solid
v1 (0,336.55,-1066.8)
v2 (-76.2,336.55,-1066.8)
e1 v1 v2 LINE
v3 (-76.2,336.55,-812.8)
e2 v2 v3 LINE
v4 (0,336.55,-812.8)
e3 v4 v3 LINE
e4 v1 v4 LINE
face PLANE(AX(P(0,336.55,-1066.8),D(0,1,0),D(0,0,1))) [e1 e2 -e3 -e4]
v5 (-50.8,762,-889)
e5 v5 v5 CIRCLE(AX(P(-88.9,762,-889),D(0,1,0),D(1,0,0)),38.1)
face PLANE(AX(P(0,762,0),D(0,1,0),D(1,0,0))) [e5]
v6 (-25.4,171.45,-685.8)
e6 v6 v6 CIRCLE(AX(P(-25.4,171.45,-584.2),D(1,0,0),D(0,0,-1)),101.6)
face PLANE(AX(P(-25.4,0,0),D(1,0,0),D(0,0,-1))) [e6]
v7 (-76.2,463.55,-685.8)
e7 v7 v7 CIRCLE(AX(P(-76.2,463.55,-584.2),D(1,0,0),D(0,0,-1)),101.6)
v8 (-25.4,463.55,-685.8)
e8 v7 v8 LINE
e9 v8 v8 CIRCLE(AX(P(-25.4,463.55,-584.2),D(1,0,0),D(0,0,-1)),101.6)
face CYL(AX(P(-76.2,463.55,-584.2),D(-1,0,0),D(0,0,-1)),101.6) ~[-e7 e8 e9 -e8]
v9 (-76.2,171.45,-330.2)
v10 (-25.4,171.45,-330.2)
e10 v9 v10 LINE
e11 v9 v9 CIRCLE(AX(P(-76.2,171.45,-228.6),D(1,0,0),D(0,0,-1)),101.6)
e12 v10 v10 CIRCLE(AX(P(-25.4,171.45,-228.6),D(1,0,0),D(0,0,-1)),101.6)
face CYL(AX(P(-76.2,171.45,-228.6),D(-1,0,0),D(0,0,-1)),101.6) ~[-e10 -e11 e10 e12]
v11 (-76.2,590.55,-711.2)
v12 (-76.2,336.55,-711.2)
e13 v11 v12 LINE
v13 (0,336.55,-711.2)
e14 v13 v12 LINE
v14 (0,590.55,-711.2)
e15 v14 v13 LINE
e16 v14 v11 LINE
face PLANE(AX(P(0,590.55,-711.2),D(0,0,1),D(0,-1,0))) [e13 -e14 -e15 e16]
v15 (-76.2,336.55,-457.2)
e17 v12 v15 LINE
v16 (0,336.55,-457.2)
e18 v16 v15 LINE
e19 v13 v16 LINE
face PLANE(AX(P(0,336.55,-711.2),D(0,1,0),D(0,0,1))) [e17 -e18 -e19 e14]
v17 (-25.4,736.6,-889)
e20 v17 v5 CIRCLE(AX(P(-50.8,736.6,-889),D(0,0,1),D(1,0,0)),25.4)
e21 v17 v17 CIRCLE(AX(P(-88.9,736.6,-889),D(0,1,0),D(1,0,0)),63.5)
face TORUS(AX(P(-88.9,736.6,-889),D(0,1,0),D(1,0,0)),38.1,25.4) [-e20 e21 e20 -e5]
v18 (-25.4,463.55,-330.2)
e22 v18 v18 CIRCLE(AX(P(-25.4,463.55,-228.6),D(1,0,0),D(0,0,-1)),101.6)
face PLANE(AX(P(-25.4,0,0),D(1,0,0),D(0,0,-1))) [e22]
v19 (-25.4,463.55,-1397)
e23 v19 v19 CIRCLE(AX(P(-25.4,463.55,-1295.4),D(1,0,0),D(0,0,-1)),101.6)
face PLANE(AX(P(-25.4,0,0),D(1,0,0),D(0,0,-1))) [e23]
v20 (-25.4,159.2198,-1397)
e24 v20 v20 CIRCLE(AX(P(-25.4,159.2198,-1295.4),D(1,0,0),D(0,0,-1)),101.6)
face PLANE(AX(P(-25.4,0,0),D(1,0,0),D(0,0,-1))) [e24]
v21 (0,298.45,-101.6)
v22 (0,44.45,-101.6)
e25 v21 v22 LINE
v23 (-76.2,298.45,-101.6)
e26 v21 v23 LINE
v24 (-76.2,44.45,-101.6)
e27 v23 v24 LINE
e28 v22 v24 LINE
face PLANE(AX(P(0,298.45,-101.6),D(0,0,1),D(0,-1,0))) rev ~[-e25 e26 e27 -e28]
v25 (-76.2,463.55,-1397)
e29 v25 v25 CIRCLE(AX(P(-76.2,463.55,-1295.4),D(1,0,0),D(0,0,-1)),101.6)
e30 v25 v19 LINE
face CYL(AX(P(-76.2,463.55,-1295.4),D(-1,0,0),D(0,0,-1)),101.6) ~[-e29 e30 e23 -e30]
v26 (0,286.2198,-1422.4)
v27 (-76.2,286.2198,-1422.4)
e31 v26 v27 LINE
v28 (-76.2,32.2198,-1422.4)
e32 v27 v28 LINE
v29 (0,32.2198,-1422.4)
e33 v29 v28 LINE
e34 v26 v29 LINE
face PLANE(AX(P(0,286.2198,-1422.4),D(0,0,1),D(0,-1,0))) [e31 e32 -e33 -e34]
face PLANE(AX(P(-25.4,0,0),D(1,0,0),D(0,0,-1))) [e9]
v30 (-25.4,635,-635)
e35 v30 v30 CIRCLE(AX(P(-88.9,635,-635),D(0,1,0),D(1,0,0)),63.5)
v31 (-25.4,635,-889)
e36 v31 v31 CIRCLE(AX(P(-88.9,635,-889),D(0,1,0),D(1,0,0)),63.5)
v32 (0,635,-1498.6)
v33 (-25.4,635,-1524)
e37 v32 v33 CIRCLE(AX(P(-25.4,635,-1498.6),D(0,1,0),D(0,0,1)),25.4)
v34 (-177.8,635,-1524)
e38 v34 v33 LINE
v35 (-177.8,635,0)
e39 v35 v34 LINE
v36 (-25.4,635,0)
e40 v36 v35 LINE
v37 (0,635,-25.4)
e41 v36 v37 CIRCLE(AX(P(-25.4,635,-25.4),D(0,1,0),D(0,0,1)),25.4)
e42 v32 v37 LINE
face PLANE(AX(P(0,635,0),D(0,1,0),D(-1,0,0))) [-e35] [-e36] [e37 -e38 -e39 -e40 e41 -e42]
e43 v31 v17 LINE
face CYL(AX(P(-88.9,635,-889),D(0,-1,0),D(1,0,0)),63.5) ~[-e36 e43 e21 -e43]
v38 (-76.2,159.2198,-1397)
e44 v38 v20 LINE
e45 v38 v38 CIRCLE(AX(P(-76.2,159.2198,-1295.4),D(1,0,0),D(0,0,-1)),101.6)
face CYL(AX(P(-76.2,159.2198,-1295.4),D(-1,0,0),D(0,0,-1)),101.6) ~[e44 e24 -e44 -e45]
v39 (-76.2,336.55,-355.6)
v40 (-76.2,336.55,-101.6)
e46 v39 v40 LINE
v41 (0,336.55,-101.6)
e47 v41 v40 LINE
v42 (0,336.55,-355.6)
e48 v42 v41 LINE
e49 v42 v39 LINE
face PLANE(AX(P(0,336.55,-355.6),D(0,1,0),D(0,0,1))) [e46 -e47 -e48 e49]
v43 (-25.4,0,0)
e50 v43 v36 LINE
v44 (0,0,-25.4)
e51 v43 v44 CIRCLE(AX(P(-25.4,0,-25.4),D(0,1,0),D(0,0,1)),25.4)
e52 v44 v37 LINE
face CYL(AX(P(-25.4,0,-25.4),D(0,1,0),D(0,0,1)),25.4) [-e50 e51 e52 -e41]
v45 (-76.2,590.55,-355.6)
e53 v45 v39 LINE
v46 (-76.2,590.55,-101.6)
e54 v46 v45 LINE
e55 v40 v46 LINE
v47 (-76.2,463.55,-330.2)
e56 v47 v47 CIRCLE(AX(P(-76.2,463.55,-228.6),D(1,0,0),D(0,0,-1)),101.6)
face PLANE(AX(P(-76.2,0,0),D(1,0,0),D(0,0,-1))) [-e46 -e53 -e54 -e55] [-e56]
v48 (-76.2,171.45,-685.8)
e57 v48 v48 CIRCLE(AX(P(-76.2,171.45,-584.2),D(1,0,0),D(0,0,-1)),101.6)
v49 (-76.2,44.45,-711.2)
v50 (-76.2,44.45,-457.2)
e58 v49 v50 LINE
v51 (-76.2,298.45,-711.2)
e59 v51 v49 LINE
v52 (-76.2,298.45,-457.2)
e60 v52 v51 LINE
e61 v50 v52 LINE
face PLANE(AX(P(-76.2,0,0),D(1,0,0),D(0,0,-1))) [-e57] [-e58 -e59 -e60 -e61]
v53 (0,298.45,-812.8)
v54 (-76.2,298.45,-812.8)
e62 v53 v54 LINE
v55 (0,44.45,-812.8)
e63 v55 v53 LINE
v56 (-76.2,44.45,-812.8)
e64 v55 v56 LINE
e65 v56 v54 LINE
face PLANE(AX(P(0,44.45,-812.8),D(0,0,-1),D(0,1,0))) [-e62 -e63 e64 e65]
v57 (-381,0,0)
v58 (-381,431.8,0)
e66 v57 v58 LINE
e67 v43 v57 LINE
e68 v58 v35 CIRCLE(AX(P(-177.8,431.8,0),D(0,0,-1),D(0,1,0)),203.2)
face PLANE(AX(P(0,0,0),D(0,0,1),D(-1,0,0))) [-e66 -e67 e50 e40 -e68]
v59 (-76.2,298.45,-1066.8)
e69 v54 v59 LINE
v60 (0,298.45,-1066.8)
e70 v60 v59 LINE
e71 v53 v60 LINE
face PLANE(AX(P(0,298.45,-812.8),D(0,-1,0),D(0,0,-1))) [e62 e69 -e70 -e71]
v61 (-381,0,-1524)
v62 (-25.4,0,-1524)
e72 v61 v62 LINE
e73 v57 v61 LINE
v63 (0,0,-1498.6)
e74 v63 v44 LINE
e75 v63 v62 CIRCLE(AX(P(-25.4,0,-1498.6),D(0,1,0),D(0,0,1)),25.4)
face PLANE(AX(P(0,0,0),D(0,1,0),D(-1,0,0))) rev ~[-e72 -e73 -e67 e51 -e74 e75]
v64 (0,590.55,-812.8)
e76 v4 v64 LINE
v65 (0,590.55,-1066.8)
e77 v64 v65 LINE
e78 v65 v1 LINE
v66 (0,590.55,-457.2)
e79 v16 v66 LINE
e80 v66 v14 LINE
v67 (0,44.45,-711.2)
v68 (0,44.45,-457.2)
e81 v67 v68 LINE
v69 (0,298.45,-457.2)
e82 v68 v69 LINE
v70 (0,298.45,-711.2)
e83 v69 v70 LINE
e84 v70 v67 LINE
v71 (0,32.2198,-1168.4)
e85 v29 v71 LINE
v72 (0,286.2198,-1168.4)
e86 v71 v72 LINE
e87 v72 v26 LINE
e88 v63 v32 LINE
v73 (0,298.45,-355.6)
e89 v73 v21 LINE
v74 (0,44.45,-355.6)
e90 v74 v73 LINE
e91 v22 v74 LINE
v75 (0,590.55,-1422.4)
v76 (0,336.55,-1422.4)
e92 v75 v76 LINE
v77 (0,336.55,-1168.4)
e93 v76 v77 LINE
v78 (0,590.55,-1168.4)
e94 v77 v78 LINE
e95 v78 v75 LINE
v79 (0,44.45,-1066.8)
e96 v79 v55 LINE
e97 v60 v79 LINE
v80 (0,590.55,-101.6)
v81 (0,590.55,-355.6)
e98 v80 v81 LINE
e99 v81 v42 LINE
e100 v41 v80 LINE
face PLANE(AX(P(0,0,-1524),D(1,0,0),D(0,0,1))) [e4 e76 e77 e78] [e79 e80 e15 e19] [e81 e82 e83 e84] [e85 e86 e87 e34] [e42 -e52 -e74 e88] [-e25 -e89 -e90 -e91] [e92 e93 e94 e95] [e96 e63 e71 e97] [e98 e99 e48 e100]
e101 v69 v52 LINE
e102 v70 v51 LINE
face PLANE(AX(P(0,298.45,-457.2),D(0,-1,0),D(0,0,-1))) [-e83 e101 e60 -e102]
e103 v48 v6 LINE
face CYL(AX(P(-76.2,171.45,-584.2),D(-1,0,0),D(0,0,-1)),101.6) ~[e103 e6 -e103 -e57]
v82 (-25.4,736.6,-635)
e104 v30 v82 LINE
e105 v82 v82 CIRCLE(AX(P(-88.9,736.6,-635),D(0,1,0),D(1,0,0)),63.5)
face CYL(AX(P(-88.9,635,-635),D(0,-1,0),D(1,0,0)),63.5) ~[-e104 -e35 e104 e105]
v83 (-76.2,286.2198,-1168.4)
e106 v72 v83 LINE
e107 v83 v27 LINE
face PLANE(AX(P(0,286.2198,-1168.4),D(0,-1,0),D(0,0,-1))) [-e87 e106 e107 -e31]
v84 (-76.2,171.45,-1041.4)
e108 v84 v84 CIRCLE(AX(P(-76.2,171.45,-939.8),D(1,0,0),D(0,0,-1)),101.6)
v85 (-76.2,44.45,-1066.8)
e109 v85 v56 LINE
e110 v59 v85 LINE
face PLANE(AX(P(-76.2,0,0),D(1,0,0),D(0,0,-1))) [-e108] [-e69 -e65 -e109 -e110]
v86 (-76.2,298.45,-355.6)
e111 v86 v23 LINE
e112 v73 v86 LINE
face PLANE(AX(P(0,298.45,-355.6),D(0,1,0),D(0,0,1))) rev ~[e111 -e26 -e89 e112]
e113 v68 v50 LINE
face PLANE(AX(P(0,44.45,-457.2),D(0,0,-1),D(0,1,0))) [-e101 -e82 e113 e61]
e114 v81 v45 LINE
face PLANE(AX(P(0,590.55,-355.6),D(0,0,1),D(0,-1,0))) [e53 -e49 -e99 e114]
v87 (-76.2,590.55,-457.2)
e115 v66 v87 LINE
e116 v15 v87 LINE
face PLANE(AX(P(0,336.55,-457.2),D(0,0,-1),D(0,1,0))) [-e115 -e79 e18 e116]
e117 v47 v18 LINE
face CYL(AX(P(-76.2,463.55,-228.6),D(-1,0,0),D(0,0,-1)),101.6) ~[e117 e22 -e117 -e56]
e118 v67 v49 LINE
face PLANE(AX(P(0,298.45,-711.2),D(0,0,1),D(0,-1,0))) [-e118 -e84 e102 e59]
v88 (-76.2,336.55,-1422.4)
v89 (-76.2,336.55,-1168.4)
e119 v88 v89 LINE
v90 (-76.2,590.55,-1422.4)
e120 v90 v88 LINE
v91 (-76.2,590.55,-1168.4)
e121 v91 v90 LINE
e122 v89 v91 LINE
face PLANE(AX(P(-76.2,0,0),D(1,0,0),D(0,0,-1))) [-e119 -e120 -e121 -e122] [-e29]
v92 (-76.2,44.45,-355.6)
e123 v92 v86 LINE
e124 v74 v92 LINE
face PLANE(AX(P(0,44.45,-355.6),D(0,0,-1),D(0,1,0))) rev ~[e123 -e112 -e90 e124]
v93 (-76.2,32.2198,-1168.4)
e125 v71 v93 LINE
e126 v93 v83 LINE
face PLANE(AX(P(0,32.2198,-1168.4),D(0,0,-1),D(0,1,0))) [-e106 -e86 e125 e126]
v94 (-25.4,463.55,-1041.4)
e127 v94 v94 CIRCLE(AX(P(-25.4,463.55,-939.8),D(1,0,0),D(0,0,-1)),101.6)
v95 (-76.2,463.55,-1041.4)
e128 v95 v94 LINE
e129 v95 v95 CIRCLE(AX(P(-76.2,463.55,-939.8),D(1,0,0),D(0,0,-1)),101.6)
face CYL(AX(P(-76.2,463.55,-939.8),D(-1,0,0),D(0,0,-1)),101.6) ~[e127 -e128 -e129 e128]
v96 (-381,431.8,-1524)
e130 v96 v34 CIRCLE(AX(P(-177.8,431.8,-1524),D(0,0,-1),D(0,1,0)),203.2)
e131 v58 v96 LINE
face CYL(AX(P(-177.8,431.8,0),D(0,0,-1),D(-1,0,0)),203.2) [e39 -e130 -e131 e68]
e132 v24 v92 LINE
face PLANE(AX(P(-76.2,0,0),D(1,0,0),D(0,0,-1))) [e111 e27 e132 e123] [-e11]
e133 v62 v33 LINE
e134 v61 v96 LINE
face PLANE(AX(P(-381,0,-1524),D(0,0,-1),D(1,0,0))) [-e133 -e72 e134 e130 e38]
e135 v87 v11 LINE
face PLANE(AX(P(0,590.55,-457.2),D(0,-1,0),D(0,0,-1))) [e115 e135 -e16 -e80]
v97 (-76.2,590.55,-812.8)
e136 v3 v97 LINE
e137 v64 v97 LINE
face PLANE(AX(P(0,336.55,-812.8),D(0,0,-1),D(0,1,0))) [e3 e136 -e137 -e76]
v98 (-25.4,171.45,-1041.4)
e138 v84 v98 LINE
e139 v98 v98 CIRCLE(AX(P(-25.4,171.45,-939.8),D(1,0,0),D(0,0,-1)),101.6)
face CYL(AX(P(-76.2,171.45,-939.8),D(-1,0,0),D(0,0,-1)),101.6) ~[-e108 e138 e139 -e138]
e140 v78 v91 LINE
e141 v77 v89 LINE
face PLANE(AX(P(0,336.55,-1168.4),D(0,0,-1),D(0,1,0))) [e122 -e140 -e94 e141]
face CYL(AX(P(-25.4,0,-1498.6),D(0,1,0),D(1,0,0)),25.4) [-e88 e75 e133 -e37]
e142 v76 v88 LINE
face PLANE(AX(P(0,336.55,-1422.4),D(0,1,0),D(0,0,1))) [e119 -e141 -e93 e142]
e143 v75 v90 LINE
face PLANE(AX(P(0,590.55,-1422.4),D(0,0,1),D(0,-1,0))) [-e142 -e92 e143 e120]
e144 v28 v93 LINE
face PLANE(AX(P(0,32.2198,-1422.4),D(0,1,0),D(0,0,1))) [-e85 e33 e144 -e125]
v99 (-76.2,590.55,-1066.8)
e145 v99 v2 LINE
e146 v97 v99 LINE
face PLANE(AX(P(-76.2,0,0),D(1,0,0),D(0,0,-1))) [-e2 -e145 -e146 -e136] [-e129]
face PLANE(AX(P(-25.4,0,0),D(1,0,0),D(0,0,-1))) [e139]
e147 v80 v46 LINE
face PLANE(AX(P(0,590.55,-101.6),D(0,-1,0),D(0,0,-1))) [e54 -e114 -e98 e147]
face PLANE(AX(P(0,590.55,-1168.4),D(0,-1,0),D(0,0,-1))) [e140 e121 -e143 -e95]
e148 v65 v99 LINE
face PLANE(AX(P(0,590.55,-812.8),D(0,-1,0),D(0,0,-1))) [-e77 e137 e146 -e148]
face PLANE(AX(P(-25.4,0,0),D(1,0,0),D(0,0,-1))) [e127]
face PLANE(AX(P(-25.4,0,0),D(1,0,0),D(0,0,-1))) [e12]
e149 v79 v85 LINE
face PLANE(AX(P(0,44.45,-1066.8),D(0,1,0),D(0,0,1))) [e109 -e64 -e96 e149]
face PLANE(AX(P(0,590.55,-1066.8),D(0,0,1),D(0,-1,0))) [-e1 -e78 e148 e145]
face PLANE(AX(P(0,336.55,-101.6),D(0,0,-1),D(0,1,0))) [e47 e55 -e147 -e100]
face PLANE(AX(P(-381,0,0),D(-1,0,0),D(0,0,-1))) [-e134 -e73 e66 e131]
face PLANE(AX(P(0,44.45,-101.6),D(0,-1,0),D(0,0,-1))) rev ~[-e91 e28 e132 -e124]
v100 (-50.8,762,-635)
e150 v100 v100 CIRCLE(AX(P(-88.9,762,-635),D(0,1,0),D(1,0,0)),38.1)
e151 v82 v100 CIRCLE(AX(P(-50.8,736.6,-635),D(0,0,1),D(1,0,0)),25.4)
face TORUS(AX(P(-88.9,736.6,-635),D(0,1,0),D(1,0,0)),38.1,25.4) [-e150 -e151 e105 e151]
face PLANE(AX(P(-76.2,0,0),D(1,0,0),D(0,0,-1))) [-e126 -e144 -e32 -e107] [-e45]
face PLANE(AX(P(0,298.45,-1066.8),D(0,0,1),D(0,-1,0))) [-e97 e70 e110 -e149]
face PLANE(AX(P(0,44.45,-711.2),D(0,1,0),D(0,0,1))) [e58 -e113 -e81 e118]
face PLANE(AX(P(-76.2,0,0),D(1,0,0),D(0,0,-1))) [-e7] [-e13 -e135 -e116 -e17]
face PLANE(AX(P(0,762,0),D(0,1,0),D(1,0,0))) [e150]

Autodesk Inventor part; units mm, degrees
ref_plane "YZ Plane" through (0, 0, 0) normal (1, 0, 0) x (0, 1, 0)
ref_plane "XZ Plane" through (0, 0, 0) normal (0, 1, 0) x (-1, 0, 0)
ref_plane "XY Plane" through (0, 0, 0) normal (0, 0, 1) x (1, 0, 0)
sketch "Sketch1" plane through (0, 0, 0) normal (0, 1, 0) x (-1, 0, 0)
  line L0 (0, 0) -> (381, 0)
  line L1 (381, 0) -> (381, -1524)
  line L2 (381, -1524) -> (0, -1524)
  line L3 (0, -1524) -> (0, 0)
  dimension "d0" = 381
  dimension "d1" = 1524
extrude "Extrusion1" add sketch "Sketch1" along normal blind 635
fillet "Fillet1" radius 203.2 1 edges at (-381, 635, -762)
sketch "Sketch2" plane through (0, 0, 0) normal (1, 0, 0) x (0, 0, -1)
  line L0 (101.6, 44.45) -> (355.6, 44.45)
  line L1 (355.6, 44.45) -> (355.6, 298.45)
  line L2 (355.6, 298.45) -> (101.6, 298.45)
  line L3 (101.6, 298.45) -> (101.6, 44.45)
  line L4 (0, 0) -> (1524, 0) projected
  line L5 (101.6, 590.55) -> (355.6, 590.55)
  line L6 (355.6, 590.55) -> (355.6, 336.55)
  line L7 (355.6, 336.55) -> (101.6, 336.55)
  line L8 (101.6, 336.55) -> (101.6, 590.55)
  line L9 (0, 0) -> (0, 635) projected
  line L10 (457.2, 590.55) -> (711.2, 590.55)
  line L11 (711.2, 590.55) -> (711.2, 336.55)
  line L12 (711.2, 336.55) -> (457.2, 336.55)
  line L13 (457.2, 336.55) -> (457.2, 590.55)
  line L14 (457.2, 298.45) -> (711.2, 298.45)
  line L15 (711.2, 298.45) -> (711.2, 44.45)
  line L16 (711.2, 44.45) -> (457.2, 44.45)
  line L17 (457.2, 44.45) -> (457.2, 298.45)
  line L18 (812.8, 590.55) -> (1066.8, 590.55)
  line L19 (1066.8, 590.55) -> (1066.8, 336.55)
  line L20 (1066.8, 336.55) -> (812.8, 336.55)
  line L21 (812.8, 336.55) -> (812.8, 590.55)
  line L22 (812.8, 298.45) -> (1066.8, 298.45)
  line L23 (1066.8, 298.45) -> (1066.8, 44.45)
  line L24 (1066.8, 44.45) -> (812.8, 44.45)
  line L25 (812.8, 44.45) -> (812.8, 298.45)
  line L26 (1168.4, 590.55) -> (1422.4, 590.55)
  line L27 (1422.4, 590.55) -> (1422.4, 336.55)
  line L28 (1422.4, 336.55) -> (1168.4, 336.55)
  line L29 (1168.4, 336.55) -> (1168.4, 590.55)
  line L30 (1168.4, 286.2198) -> (1422.4, 286.2198)
  line L31 (1422.4, 286.2198) -> (1422.4, 32.2198)
  line L32 (1422.4, 32.2198) -> (1168.4, 32.2198)
  line L33 (1168.4, 32.2198) -> (1168.4, 286.2198)
  dimension "d5" = 254
  dimension "d6" = 254
  dimension "d7" = 44.45
  dimension "d8" = 254
  dimension "d9" = 38.1
  dimension "d10" = 101.6
  dimension "d11" = 254
  dimension "d12" = 101.6
  dimension "d13" = 254
  dimension "d14" = 254
  dimension "d15" = 101.6
  dimension "d16" = 101.6
  dimension "d17" = 254
  dimension "d18" = 101.6
  dimension "d19" = 254
  dimension "d20" = 101.6
  dimension "d21" = 254
  dimension "d22" = 254
extrude "Extrusion2" cut sketch "Sketch2" against normal blind 76.2
sketch "Sketch3" plane through (-76.2, 0, 0) normal (1, 0, 0) x (0, 0, -1)
  line L0 (101.6, 336.55) -> (101.6, 590.55) projected
  line L1 (355.6, 336.55) -> (101.6, 336.55) projected
  line L2 (101.6, 590.55) -> (355.6, 590.55)
  line L3 (355.6, 590.55) -> (355.6, 336.55)
  line L4 (355.6, 336.55) -> (101.6, 336.55)
  line L5 (101.6, 336.55) -> (101.6, 590.55)
  circle A0 centre (228.6, 463.55) radius 101.6
  point P0 (0, 0)
  dimension "d25" = 127
  dimension "d26" = 127
  dimension "d27" = 203.2
sketch "Sketch5" plane through (-76.2, 0, 0) normal (1, 0, 0) x (0, 0, -1)
  line L0 (101.6, 298.45) -> (355.6, 298.45) projected
  line L1 (101.6, 298.45) -> (355.6, 298.45)
  line L2 (355.6, 298.45) -> (355.6, 44.45)
  line L3 (355.6, 44.45) -> (101.6, 44.45)
  line L4 (101.6, 44.45) -> (101.6, 298.45)
  circle A0 centre (228.6, 171.45) radius 101.6
  point P0 (0, 0)
  dimension "d28" = 203.2
sketch "Sketch6" plane through (-76.2, 0, 0) normal (1, 0, 0) x (0, 0, -1)
  line L0 (457.2, 336.55) -> (457.2, 590.55) projected
  line L1 (457.2, 590.55) -> (711.2, 590.55)
  line L2 (711.2, 590.55) -> (711.2, 336.55)
  line L3 (711.2, 336.55) -> (457.2, 336.55)
  line L4 (457.2, 336.55) -> (457.2, 590.55)
  circle A0 centre (584.2, 463.55) radius 101.6
  point P0 (0, 0)
  dimension "d29" = 203.2
sketch "Sketch7" plane through (-76.2, 0, 0) normal (1, 0, 0) x (0, 0, -1)
  line L0 (711.2, 44.45) -> (457.2, 44.45) projected
  line L1 (457.2, 44.45) -> (711.2, 44.45)
  line L2 (711.2, 44.45) -> (711.2, 298.45)
  line L3 (711.2, 298.45) -> (457.2, 298.45)
  line L4 (457.2, 298.45) -> (457.2, 44.45)
  circle A0 centre (584.2, 171.45) radius 101.6
  point P0 (0, 0)
  dimension "d30" = 203.2
sketch "Sketch8" plane through (-76.2, 0, 0) normal (1, 0, 0) x (0, 0, -1)
  line L0 (812.8, 336.55) -> (812.8, 590.55) projected
  line L1 (1066.8, 590.55) -> (1066.8, 336.55) projected
  line L2 (812.8, 590.55) -> (1066.8, 590.55)
  line L3 (1066.8, 590.55) -> (1066.8, 336.55)
  line L4 (1066.8, 336.55) -> (812.8, 336.55)
  line L5 (812.8, 336.55) -> (812.8, 590.55)
  circle A0 centre (939.8, 463.55) radius 101.6
  point P0 (0, 0)
  dimension "d31" = 203.2
sketch "Sketch9" plane through (-76.2, 0, 0) normal (1, 0, 0) x (0, 0, -1)
  line L0 (812.8, 298.45) -> (1066.8, 298.45)
  line L1 (1066.8, 298.45) -> (1066.8, 44.45)
  line L2 (1066.8, 44.45) -> (812.8, 44.45)
  line L3 (812.8, 44.45) -> (812.8, 298.45)
  circle A0 centre (939.8, 171.45) radius 101.6
  point P0 (0, 0)
  dimension "d32" = 203.2
sketch "Sketch10" plane through (-76.2, 0, 0) normal (1, 0, 0) x (0, 0, -1)
  line L0 (1168.4, 336.55) -> (1168.4, 590.55) projected
  line L1 (1422.4, 590.55) -> (1422.4, 336.55) projected
  line L2 (1168.4, 590.55) -> (1422.4, 590.55)
  line L3 (1422.4, 590.55) -> (1422.4, 336.55)
  line L4 (1422.4, 336.55) -> (1168.4, 336.55)
  line L5 (1168.4, 336.55) -> (1168.4, 590.55)
  circle A0 centre (1295.4, 463.55) radius 101.6
  point P0 (0, 0)
  dimension "d33" = 203.2
sketch "Sketch11" plane through (-76.2, 0, 0) normal (1, 0, 0) x (0, 0, -1)
  line L0 (1422.4, 286.2198) -> (1422.4, 32.2198) projected
  line L1 (1168.4, 286.2198) -> (1422.4, 286.2198)
  line L2 (1422.4, 286.2198) -> (1422.4, 32.2198)
  line L3 (1422.4, 32.2198) -> (1168.4, 32.2198)
  line L4 (1168.4, 32.2198) -> (1168.4, 286.2198)
  circle A0 centre (1295.4, 159.2198) radius 101.6
  point P0 (0, 0)
  dimension "d34" = 203.2
extrude "Extrusion3" add sketch "Sketch3" along normal blind 50.8 contours A0
extrude "Extrusion4" add sketch "Sketch6" along normal blind 50.8 contours A0
extrude "Extrusion5" add sketch "Sketch8" along normal blind 50.8 contours A0
extrude "Extrusion6" add sketch "Sketch10" along normal blind 50.8 contours A0
extrude "Extrusion7" add sketch "Sketch5" along normal blind 50.8 contours A0
extrude "Extrusion8" add sketch "Sketch7" along normal blind 50.8 contours A0
extrude "Extrusion9" add sketch "Sketch9" along normal blind 50.8 contours A0
extrude "Extrusion10" add sketch "Sketch11" along normal blind 50.8 contours A0
sketch "Sketch12" plane through (0, 635, 0) normal (0, 1, 0) x (1, 0, 0)
  circle A0 centre (-88.9, 635) radius 63.5
  line L0 (0, 0) -> (0, 1524) projected
  line L1 (-177.8, 0) -> (0, 0) projected
  circle A1 centre (-88.9, 889) radius 63.5
  line L2 (0, 1524) -> (-177.8, 1524) projected
  dimension "d51" = 127
  dimension "d52" = 88.9
  dimension "d53" = 635
  dimension "d54" = 127
  dimension "d55" = 88.9
  dimension "d56" = 635
extrude "Extrusion11" add sketch "Sketch12" along normal blind 127
fillet "Fillet2" radius 25.4 2 edges at (0, 317.5, 0) (-152.4, 762, -635)
fillet "Fillet3" radius 25.4 1 edges at (-152.4, 762, -889)
fillet "Fillet4" radius 25.4 1 edges at (0, 317.5, -1524)
properties part number "PTreasureChestFinal-ver1-1111-2021"
